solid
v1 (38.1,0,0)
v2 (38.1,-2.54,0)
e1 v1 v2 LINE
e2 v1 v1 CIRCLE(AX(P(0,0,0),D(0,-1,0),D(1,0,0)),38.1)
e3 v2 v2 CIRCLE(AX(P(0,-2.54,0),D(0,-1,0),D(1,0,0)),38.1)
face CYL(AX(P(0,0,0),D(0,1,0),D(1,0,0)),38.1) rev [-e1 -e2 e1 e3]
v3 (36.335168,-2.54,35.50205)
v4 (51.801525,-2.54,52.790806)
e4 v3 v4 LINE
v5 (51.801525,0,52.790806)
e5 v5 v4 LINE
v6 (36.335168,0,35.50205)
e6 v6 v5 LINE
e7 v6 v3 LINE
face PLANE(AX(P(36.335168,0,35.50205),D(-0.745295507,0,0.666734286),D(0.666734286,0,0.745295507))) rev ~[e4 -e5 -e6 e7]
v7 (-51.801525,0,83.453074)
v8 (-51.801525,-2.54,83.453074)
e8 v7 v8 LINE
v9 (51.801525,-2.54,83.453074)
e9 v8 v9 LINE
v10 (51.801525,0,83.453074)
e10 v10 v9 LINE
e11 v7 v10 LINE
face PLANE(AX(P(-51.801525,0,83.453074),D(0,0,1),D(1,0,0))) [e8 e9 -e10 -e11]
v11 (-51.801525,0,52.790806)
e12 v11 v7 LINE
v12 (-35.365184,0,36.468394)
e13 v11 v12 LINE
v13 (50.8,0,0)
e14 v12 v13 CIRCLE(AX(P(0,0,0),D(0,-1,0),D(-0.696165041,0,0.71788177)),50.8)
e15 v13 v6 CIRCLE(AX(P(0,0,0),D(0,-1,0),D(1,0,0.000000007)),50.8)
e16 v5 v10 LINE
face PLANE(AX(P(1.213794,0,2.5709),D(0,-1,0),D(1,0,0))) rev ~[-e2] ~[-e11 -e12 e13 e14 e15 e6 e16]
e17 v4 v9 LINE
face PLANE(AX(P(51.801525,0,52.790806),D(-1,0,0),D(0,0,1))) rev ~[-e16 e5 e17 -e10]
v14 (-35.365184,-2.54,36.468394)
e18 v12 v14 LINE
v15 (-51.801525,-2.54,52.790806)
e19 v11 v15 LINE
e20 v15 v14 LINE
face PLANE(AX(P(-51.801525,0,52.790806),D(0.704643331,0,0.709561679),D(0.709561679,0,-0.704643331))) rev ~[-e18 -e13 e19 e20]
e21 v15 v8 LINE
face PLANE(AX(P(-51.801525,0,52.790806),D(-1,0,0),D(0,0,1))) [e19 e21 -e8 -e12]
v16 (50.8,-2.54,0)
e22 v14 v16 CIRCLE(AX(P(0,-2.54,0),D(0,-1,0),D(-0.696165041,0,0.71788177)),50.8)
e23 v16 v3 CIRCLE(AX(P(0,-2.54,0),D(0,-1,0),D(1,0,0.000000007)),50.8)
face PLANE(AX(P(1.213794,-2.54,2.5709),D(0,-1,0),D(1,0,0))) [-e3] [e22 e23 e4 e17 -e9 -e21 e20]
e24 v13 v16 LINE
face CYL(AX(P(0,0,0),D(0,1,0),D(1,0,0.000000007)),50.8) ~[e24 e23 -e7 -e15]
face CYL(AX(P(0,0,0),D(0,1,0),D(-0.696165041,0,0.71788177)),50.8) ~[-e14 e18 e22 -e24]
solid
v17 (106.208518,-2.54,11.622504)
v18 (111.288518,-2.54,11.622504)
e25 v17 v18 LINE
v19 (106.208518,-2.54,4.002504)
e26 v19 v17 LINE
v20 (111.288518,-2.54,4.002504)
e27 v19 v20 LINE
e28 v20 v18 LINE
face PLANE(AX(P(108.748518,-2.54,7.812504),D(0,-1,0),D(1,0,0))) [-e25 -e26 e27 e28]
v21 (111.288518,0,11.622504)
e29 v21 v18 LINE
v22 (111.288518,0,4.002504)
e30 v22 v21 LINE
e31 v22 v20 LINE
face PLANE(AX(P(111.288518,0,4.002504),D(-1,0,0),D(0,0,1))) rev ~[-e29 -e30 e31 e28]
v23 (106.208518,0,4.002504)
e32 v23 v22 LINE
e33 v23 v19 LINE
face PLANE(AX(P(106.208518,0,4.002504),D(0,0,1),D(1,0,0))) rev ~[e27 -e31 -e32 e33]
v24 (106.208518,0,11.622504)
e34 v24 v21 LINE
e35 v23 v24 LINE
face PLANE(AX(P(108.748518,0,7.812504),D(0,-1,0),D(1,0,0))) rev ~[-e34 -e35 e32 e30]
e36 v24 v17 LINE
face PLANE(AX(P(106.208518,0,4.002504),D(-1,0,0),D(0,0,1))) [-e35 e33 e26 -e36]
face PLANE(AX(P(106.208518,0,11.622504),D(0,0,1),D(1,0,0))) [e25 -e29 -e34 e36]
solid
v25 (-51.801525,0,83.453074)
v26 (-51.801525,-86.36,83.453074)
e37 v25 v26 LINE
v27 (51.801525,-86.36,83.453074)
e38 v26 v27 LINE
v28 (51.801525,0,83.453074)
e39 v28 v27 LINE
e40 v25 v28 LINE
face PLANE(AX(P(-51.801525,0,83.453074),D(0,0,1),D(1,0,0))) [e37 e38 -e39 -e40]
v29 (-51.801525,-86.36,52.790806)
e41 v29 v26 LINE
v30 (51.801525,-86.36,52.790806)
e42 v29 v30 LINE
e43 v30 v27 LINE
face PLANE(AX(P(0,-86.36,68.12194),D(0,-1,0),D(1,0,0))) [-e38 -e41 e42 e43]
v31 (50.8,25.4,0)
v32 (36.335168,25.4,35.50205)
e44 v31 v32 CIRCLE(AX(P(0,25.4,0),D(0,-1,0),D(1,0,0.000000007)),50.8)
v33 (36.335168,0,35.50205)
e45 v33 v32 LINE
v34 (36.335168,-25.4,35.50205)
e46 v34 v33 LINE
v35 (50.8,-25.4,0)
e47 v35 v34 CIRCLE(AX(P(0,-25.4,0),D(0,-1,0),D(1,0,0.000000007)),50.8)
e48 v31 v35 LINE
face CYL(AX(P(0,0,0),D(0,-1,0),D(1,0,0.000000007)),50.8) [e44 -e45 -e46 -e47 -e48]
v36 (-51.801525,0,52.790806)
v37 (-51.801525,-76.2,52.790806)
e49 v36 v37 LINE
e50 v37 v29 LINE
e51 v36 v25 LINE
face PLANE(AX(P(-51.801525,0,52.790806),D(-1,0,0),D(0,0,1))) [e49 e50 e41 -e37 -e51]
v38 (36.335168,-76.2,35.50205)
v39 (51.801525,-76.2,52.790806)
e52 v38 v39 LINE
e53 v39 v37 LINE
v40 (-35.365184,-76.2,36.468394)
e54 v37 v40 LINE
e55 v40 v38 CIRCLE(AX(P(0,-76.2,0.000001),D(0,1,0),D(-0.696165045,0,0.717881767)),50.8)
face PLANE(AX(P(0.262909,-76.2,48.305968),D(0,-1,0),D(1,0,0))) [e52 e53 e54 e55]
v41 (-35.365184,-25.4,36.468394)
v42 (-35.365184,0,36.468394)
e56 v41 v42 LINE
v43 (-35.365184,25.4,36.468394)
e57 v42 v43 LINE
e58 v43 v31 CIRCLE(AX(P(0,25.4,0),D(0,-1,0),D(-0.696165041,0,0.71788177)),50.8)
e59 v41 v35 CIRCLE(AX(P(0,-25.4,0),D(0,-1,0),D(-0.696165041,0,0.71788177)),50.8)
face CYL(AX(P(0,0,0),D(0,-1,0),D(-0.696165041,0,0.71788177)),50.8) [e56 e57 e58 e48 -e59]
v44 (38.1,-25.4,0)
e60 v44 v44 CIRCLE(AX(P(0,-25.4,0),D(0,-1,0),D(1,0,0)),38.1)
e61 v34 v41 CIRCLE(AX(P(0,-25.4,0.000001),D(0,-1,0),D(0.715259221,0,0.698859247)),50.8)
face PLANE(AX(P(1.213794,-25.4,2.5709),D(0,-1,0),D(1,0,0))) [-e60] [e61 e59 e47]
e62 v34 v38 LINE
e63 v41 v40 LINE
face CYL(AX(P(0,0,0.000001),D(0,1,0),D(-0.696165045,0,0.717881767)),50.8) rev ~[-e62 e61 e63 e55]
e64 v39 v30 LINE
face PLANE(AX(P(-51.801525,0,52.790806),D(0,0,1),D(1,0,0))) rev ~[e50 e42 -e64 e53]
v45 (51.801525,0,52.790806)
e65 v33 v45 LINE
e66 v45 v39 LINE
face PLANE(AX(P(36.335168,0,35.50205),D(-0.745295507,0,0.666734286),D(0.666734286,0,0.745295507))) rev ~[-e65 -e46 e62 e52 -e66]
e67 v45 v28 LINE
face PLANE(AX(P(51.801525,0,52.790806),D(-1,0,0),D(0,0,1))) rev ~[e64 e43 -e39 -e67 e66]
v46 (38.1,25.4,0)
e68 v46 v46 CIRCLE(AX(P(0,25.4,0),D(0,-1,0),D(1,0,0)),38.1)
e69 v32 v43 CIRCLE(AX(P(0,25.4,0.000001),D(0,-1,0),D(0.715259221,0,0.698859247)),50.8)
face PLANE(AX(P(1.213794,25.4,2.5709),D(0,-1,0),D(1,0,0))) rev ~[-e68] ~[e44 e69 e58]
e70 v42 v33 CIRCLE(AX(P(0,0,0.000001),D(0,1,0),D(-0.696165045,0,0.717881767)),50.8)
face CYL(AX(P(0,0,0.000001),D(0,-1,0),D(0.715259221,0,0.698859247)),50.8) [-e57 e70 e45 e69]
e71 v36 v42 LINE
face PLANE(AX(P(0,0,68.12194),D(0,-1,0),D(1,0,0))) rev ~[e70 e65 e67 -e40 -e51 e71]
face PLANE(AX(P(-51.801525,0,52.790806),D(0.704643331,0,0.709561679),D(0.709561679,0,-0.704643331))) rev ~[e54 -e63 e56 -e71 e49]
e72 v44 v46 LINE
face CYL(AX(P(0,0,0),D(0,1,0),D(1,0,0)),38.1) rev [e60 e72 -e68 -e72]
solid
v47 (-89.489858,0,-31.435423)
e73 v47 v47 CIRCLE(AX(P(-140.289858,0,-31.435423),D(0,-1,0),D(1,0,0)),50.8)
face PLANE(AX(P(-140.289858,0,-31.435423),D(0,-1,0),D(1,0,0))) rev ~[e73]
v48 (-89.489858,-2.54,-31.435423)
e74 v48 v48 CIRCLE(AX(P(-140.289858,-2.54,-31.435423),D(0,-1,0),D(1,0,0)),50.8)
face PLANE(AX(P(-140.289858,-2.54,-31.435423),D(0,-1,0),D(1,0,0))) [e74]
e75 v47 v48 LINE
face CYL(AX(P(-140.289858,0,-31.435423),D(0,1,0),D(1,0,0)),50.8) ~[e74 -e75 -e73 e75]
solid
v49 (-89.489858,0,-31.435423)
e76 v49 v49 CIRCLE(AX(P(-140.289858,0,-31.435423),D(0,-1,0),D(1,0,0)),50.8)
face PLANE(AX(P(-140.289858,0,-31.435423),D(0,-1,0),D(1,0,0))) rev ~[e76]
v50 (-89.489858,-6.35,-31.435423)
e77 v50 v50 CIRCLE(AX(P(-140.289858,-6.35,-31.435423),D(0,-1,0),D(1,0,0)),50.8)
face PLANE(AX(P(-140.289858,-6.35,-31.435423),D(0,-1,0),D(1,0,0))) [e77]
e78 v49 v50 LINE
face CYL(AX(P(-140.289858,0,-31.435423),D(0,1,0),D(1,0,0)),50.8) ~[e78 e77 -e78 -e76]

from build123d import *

# Parameters (mm, degrees)
F0_R     = 38.1
F1_DEPTH = 25.4
F2_DEPTH = 76.2
F0_W     = 103.60305
F0_H     = 30.662268
F3_DEPTH = 86.36
F0_R_2   = 50.8
F4_DEPTH = 6.35
F0_W_2   = 5.08
F0_H_2   = 7.62
F5_DEPTH = 2.54


with BuildPart() as f1:
    # F0 (on Front) → F1 (new body, symmetric)
    with BuildSketch(Plane.XZ):
        with BuildLine():
            ThreePointArc((-35.365184, 36.468394), (-19.800109, -46.782429), (50.8, 0))
            ThreePointArc((50.8, 0), (47.045013, 19.167857), (36.335168, 35.50205))
            ThreePointArc((36.335168, 35.50205), (0.684596, 50.795387), (-35.365184, 36.468394))
        make_face()
        Circle(F0_R, mode=Mode.SUBTRACT)
    extrude(amount=F1_DEPTH, both=True)

    # F0 (on Front) → F2 (join)
    with BuildSketch(Plane.XZ):
        with BuildLine():
            ThreePointArc((-35.365184, 36.468394), (0.684596, 50.795387), (36.335168, 35.50205))
            Line((36.335168, 35.50205), (51.801525, 52.790806))
            Line((51.801525, 52.790806), (-51.801525, 52.790806))
            Line((-51.801525, 52.790806), (-35.365184, 36.468394))
        make_face()
    extrude(amount=F2_DEPTH)

    # F0 (on Front) → F3 (join)
    with BuildSketch(Plane.XZ):
        with Locations((0, 68.12194)):
            Rectangle(F0_W, F0_H)
    extrude(amount=F3_DEPTH)


with BuildPart() as f4:
    # F0 (on Front) → F4 (new body)
    with BuildSketch(Plane.XZ):
        with Locations((-140.289858, -31.435423)):
            Circle(F0_R_2)
    extrude(amount=F4_DEPTH)


with BuildPart() as f5:
    # F0 (on Front) → F5 (new body)
    with BuildSketch(Plane.XZ):
        with BuildLine():
            ThreePointArc((-35.365184, 36.468394), (-19.800109, -46.782429), (50.8, 0))
            ThreePointArc((50.8, 0), (47.045013, 19.167857), (36.335168, 35.50205))
            ThreePointArc((36.335168, 35.50205), (0.684596, 50.795387), (-35.365184, 36.468394))
        make_face()
        Circle(F0_R, mode=Mode.SUBTRACT)
        with BuildLine():
            ThreePointArc((-35.365184, 36.468394), (0.684596, 50.795387), (36.335168, 35.50205))
            Line((36.335168, 35.50205), (51.801525, 52.790806))
            Line((51.801525, 52.790806), (-51.801525, 52.790806))
            Line((-51.801525, 52.790806), (-35.365184, 36.468394))
        make_face()
        with Locations((0, 68.12194)):
            Rectangle(F0_W, F0_H)
        with Locations((-140.289858, -31.435423)):
            Circle(F0_R_2)
        with Locations((108.748518, 7.812504)):
            Rectangle(F0_W_2, F0_H_2)
    extrude(amount=F5_DEPTH)


solid = Compound([f1.part, f4.part, f5.part])
